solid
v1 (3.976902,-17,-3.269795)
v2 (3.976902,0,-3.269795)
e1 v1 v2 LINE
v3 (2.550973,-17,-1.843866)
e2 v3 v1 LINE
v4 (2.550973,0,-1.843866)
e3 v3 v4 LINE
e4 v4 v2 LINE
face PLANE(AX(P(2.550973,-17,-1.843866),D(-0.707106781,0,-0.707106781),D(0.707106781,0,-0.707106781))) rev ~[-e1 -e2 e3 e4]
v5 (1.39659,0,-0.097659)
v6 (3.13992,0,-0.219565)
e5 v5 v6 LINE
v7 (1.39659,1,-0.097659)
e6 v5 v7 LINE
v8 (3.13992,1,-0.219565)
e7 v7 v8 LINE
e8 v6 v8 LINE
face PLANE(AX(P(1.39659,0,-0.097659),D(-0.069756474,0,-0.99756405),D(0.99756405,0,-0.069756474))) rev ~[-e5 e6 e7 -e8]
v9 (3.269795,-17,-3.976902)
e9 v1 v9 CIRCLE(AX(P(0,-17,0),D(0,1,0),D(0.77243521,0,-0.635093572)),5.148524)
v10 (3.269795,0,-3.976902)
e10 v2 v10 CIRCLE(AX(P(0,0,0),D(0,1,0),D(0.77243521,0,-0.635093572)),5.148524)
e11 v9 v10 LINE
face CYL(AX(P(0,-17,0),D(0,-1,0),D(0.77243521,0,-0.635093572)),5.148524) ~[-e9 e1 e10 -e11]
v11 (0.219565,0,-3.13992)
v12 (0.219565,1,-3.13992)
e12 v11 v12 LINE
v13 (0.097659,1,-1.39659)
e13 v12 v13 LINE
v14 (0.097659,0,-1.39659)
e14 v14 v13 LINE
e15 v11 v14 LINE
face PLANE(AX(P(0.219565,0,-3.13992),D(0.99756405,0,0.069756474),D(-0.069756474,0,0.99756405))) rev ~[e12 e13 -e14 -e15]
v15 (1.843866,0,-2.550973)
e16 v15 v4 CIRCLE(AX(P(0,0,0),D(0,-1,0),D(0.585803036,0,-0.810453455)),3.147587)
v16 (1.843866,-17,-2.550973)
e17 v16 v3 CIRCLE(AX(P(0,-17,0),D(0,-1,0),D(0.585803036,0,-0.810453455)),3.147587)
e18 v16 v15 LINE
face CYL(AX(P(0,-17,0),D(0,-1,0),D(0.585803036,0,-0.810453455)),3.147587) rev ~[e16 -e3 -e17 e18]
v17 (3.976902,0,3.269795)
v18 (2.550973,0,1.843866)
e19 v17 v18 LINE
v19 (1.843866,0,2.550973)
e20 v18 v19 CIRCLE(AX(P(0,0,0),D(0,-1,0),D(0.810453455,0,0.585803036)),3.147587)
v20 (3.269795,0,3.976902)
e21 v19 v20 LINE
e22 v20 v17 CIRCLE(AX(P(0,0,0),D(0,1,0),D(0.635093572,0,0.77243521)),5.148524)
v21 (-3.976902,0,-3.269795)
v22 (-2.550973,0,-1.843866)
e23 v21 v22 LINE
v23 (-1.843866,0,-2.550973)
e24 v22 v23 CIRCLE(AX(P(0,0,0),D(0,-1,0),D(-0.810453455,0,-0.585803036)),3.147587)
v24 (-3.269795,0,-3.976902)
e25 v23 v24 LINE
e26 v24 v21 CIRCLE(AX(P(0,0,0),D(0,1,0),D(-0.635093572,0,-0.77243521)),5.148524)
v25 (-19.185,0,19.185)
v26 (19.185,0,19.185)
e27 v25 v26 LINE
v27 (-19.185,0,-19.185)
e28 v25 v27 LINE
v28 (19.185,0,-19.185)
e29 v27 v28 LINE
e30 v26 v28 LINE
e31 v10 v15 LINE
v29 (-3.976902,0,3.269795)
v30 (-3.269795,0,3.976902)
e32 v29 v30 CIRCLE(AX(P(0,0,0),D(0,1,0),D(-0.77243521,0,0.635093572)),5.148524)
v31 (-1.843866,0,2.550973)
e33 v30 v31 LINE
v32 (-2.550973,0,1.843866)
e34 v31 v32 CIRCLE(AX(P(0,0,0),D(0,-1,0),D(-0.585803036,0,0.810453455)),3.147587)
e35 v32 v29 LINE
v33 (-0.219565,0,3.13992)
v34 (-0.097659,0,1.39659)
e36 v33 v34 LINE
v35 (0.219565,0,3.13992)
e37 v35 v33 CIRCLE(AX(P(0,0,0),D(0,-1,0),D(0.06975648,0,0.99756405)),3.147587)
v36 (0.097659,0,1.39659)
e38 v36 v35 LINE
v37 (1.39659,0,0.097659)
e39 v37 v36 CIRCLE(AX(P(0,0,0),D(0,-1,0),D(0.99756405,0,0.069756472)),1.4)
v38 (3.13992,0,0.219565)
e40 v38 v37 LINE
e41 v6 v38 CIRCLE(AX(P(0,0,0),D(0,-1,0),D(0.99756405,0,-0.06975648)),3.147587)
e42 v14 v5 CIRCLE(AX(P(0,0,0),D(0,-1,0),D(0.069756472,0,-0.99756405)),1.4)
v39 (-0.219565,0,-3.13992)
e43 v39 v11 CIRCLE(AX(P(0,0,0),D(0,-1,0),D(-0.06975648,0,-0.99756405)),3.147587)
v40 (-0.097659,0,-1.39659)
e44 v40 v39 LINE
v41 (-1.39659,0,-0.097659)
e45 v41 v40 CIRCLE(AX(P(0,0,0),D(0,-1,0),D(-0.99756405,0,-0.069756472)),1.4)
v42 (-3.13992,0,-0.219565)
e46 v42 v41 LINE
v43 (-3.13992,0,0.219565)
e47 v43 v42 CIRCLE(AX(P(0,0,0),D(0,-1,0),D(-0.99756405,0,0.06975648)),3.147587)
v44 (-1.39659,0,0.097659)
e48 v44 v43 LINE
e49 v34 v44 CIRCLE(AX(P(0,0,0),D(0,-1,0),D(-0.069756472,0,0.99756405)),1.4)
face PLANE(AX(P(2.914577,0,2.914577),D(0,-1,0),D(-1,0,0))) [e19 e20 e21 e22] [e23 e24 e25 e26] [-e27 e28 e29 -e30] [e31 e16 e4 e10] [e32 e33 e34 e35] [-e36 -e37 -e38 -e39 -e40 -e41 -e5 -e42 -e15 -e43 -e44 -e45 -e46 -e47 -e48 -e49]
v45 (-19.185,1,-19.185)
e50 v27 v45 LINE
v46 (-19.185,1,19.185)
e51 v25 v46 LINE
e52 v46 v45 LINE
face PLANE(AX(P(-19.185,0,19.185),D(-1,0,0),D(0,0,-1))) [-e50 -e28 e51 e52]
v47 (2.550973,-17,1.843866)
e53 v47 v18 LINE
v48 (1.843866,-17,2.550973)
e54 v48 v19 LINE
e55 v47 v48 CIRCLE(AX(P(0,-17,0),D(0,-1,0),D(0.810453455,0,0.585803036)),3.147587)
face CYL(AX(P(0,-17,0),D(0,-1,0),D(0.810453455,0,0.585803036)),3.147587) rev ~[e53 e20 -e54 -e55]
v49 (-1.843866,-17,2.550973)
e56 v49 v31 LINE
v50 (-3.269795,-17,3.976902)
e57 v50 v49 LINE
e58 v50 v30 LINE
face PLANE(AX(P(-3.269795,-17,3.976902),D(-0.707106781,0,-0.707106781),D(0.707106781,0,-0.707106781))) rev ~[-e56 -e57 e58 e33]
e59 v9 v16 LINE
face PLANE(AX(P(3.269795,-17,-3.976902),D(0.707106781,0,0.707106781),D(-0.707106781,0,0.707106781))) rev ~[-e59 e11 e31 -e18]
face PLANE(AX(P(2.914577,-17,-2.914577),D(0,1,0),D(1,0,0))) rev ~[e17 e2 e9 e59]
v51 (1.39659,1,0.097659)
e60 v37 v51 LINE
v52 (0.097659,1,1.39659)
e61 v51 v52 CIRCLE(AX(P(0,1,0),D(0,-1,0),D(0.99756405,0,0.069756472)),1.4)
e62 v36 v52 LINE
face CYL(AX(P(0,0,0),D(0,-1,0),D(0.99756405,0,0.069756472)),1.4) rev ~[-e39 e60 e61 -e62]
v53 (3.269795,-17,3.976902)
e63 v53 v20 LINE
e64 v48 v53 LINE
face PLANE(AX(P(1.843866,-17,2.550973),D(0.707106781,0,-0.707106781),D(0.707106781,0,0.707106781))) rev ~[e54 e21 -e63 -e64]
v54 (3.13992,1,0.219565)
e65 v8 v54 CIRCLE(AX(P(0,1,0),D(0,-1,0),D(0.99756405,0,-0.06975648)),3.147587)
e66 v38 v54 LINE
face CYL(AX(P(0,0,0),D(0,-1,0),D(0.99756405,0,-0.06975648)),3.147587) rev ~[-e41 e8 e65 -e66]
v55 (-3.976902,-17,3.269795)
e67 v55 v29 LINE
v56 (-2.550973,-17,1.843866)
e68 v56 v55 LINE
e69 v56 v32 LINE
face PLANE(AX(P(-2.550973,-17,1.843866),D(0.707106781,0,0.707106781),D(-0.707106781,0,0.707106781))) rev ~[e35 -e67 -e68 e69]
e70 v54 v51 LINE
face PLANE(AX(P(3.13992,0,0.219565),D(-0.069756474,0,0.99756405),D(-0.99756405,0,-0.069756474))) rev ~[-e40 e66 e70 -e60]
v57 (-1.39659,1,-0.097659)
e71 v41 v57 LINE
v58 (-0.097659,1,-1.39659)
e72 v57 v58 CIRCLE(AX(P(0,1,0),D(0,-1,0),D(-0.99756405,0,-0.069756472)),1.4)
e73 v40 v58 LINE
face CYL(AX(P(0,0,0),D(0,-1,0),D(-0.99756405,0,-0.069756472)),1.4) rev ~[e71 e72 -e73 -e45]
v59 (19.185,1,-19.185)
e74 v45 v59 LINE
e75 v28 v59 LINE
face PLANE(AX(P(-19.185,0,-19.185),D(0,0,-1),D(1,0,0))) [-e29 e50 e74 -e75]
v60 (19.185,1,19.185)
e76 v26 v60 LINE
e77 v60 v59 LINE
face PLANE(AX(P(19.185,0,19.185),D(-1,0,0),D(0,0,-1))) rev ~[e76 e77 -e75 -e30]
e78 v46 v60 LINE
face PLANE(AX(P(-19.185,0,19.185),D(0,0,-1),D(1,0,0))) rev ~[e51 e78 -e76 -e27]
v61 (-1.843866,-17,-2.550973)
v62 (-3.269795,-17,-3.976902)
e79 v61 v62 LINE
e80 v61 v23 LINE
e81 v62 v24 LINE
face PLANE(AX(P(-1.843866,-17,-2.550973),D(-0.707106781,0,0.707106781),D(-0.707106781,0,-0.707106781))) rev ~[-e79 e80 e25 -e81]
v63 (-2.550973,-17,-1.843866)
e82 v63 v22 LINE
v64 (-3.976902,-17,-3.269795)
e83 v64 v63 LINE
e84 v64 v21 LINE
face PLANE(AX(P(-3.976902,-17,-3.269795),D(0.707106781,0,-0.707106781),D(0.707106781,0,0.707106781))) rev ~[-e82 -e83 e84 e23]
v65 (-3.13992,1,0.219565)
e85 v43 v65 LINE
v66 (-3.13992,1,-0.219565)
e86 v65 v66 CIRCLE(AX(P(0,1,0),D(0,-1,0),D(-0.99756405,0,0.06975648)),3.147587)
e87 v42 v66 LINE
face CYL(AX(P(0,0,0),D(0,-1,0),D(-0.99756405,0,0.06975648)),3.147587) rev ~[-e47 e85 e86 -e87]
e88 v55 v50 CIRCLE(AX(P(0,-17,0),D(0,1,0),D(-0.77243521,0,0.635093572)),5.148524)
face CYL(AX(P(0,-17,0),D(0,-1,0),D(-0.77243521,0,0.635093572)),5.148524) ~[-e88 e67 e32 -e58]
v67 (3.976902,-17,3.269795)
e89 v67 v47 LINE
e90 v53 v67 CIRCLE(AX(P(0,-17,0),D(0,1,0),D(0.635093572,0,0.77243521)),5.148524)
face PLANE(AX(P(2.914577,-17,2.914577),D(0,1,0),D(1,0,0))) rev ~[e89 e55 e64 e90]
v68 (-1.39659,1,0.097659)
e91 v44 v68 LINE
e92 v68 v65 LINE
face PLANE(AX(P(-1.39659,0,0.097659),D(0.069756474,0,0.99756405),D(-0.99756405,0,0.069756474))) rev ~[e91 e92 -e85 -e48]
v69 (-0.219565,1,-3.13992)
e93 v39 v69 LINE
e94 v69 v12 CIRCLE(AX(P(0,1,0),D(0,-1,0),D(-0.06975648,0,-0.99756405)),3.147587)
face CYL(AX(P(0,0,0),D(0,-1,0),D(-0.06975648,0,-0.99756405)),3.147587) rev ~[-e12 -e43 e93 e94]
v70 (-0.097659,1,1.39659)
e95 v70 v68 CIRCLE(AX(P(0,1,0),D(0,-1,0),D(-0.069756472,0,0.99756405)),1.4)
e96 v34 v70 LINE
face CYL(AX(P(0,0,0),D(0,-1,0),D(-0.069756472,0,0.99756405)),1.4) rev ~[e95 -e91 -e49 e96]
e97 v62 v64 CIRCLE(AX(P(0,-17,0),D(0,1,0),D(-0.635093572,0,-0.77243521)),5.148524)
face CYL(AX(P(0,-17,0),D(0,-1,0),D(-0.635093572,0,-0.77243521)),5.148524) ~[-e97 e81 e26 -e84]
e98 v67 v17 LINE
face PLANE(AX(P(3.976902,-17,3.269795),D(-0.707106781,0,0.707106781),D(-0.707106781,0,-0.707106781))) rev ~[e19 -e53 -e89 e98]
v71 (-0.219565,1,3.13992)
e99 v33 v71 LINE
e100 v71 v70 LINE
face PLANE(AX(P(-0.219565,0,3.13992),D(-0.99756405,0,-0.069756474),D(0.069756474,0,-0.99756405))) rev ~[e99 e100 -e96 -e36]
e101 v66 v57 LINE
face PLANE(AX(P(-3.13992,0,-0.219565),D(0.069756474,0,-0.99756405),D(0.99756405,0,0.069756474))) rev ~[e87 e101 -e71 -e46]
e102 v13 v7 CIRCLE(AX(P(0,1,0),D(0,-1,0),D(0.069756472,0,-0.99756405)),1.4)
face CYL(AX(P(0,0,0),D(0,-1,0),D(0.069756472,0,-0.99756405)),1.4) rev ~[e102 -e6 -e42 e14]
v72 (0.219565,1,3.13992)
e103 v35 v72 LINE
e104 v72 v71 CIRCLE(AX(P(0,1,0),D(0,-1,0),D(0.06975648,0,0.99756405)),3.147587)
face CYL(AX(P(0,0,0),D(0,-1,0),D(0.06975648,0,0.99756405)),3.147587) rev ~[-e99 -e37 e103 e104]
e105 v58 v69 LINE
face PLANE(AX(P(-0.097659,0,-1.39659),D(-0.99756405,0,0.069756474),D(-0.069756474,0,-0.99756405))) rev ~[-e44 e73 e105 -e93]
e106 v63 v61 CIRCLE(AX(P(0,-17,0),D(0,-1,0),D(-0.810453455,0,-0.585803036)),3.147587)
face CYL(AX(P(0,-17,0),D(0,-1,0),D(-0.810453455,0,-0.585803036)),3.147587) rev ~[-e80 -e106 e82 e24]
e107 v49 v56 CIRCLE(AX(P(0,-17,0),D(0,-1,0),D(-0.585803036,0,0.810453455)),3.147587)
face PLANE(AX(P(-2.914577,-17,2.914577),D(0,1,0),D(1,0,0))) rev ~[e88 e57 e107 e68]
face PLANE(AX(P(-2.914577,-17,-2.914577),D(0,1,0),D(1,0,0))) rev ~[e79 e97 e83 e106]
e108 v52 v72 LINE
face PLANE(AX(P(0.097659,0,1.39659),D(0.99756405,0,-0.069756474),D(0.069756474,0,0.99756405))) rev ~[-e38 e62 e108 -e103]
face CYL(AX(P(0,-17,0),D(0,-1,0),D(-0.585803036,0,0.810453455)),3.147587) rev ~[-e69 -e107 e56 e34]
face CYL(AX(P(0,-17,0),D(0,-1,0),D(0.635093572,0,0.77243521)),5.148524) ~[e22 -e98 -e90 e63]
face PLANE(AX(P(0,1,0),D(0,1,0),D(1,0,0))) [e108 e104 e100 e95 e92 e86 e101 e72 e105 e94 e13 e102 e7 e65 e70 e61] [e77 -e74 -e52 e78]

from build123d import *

# Parameters (mm, degrees)
SKETCH2_W           = 38.37
SKETCH2_H           = 38.37
BOSS_EXTRUDE6_DEPTH = 1
BOSS_EXTRUDE7_START = -17
BOSS_EXTRUDE7_DEPTH = 17


with BuildPart() as part:
    # Sketch2 → Boss-Extrude6 (new body)
    # profile 1 of 5: a face of its own
    with BuildSketch(Plane(origin=(0, 0, 0), x_dir=(1, 0, 0), z_dir=(0, 1, 0))):
        Rectangle(SKETCH2_W, SKETCH2_H)
        with BuildLine():
            Line((-3.976901657, -3.269794876), (-2.550972937, -1.843866156))
            ThreePointArc((-2.550972937, -1.843866156), (-2.22568027, -2.22568027), (-1.843866156, -2.550972937))
            Line((-1.843866156, -2.550972937), (-3.269794876, -3.976901657))
            ThreePointArc((-3.269794876, -3.976901657), (-3.640556642, -3.640556642), (-3.976901657, -3.269794876))
        make_face(mode=Mode.SUBTRACT)
        with BuildLine():
            Line((3.269794876, -3.976901657), (1.843866156, -2.550972937))
            ThreePointArc((1.843866156, -2.550972937), (2.22568027, -2.22568027), (2.550972937, -1.843866156))
            Line((2.550972937, -1.843866156), (3.976901657, -3.269794876))
            ThreePointArc((3.976901657, -3.269794876), (3.640556642, -3.640556642), (3.269794876, -3.976901657))
        make_face(mode=Mode.SUBTRACT)
        with BuildLine():
            ThreePointArc((-1.39658967, 0.097659063), (-0.989949494, 0.989949494), (-0.097659063, 1.39658967))
            Line((-0.097659063, 1.39658967), (-0.219564585, 3.139919858))
            ThreePointArc((-0.219564585, 3.139919858), (0, 3.147587223), (0.219564585, 3.139919858))
            Line((0.219564585, 3.139919858), (0.097659063, 1.39658967))
            ThreePointArc((0.097659063, 1.39658967), (0.989949494, 0.989949494), (1.39658967, 0.097659063))
            Line((1.39658967, 0.097659063), (3.139919858, 0.219564585))
            ThreePointArc((3.139919858, 0.219564585), (3.147587223, 0), (3.139919858, -0.219564585))
            Line((3.139919858, -0.219564585), (1.39658967, -0.097659063))
            ThreePointArc((1.39658967, -0.097659063), (0.989949494, -0.989949494), (0.097659063, -1.39658967))
            Line((0.097659063, -1.39658967), (0.219564585, -3.139919858))
            ThreePointArc((0.219564585, -3.139919858), (0, -3.147587223), (-0.219564585, -3.139919858))
            Line((-0.219564585, -3.139919858), (-0.097659063, -1.39658967))
            ThreePointArc((-0.097659063, -1.39658967), (-0.989949494, -0.989949494), (-1.39658967, -0.097659063))
            Line((-1.39658967, -0.097659063), (-3.139919858, -0.219564585))
            ThreePointArc((-3.139919858, -0.219564585), (-3.147587223, 0), (-3.139919858, 0.219564585))
            Line((-3.139919858, 0.219564585), (-1.39658967, 0.097659063))
        make_face(mode=Mode.SUBTRACT)
        with BuildLine():
            Line((-3.269794876, 3.976901657), (-1.843866156, 2.550972937))
            ThreePointArc((-1.843866156, 2.550972937), (-2.22568027, 2.22568027), (-2.550972937, 1.843866156))
            Line((-2.550972937, 1.843866156), (-3.976901657, 3.269794876))
            ThreePointArc((-3.976901657, 3.269794876), (-3.640556642, 3.640556642), (-3.269794876, 3.976901657))
        make_face(mode=Mode.SUBTRACT)
        with BuildLine():
            Line((3.976901657, 3.269794876), (2.550972937, 1.843866156))
            ThreePointArc((2.550972937, 1.843866156), (2.22568027, 2.22568027), (1.843866156, 2.550972937))
            Line((1.843866156, 2.550972937), (3.269794876, 3.976901657))
            ThreePointArc((3.269794876, 3.976901657), (3.640556642, 3.640556642), (3.976901657, 3.269794876))
        make_face(mode=Mode.SUBTRACT)
    # profile 2 of 5: a face of its own
    with BuildSketch(Plane(origin=(0, 0, 0), x_dir=(1, 0, 0), z_dir=(0, 1, 0))):
        with BuildLine():
            ThreePointArc((-3.269794876, -3.976901657), (-3.640556642, -3.640556642), (-3.976901657, -3.269794876))
            Line((-3.976901657, -3.269794876), (-2.550972937, -1.843866156))
            ThreePointArc((-2.550972937, -1.843866156), (-2.22568027, -2.22568027), (-1.843866156, -2.550972937))
            Line((-1.843866156, -2.550972937), (-3.269794876, -3.976901657))
        make_face()
    # profile 3 of 5: a face of its own
    with BuildSketch(Plane(origin=(0, 0, 0), x_dir=(1, 0, 0), z_dir=(0, 1, 0))):
        with BuildLine():
            Line((-2.550972937, 1.843866156), (-3.976901657, 3.269794876))
            ThreePointArc((-3.976901657, 3.269794876), (-3.640556642, 3.640556642), (-3.269794876, 3.976901657))
            Line((-3.269794876, 3.976901657), (-1.843866156, 2.550972937))
            ThreePointArc((-1.843866156, 2.550972937), (-2.22568027, 2.22568027), (-2.550972937, 1.843866156))
        make_face()
    # profile 4 of 5: a face of its own
    with BuildSketch(Plane(origin=(0, 0, 0), x_dir=(1, 0, 0), z_dir=(0, 1, 0))):
        with BuildLine():
            ThreePointArc((3.269794876, 3.976901657), (3.640556642, 3.640556642), (3.976901657, 3.269794876))
            Line((3.976901657, 3.269794876), (2.550972937, 1.843866156))
            ThreePointArc((2.550972937, 1.843866156), (2.22568027, 2.22568027), (1.843866156, 2.550972937))
            Line((1.843866156, 2.550972937), (3.269794876, 3.976901657))
        make_face()
    # profile 5 of 5: a face of its own
    with BuildSketch(Plane(origin=(0, 0, 0), x_dir=(1, 0, 0), z_dir=(0, 1, 0))):
        with BuildLine():
            ThreePointArc((3.976901657, -3.269794876), (3.640556642, -3.640556642), (3.269794876, -3.976901657))
            Line((3.269794876, -3.976901657), (1.843866156, -2.550972937))
            ThreePointArc((1.843866156, -2.550972937), (2.22568027, -2.22568027), (2.550972937, -1.843866156))
            Line((2.550972937, -1.843866156), (3.976901657, -3.269794876))
        make_face()
    extrude(amount=BOSS_EXTRUDE6_DEPTH)

    # Sketch7 → Boss-Extrude7 (add)
    with BuildSketch(Plane(origin=(0, 0, 0), x_dir=(1, 0, 0), z_dir=(0, 1, 0)).offset(BOSS_EXTRUDE7_START)):
        with BuildLine():
            Line((-3.976901657, 3.269794876), (-2.550972937, 1.843866156))
            ThreePointArc((-2.550972937, 1.843866156), (-2.22568027, 2.22568027), (-1.843866156, 2.550972937))
            Line((-1.843866156, 2.550972937), (-3.269794876, 3.976901657))
            ThreePointArc((-3.269794876, 3.976901657), (-3.640556642, 3.640556642), (-3.976901657, 3.269794876))
        make_face()
        with BuildLine():
            ThreePointArc((-1.843866156, -2.550972937), (-2.22568027, -2.22568027), (-2.550972937, -1.843866156))
            Line((-2.550972937, -1.843866156), (-3.976901657, -3.269794876))
            ThreePointArc((-3.976901657, -3.269794876), (-3.640556642, -3.640556642), (-3.269794876, -3.976901657))
            Line((-3.269794876, -3.976901657), (-1.843866156, -2.550972937))
        make_face()
        with BuildLine():
            Line((3.269794876, 3.976901657), (1.843866156, 2.550972937))
            ThreePointArc((1.843866156, 2.550972937), (2.22568027, 2.22568027), (2.550972937, 1.843866156))
            Line((2.550972937, 1.843866156), (3.976901657, 3.269794876))
            ThreePointArc((3.976901657, 3.269794876), (3.640556642, 3.640556642), (3.269794876, 3.976901657))
        make_face()
        with BuildLine():
            ThreePointArc((2.550972937, -1.843866156), (2.22568027, -2.22568027), (1.843866156, -2.550972937))
            Line((1.843866156, -2.550972937), (3.269794876, -3.976901657))
            ThreePointArc((3.269794876, -3.976901657), (3.640556642, -3.640556642), (3.976901657, -3.269794876))
            Line((3.976901657, -3.269794876), (2.550972937, -1.843866156))
        make_face()
    extrude(amount=BOSS_EXTRUDE7_DEPTH)


solid = part.part
